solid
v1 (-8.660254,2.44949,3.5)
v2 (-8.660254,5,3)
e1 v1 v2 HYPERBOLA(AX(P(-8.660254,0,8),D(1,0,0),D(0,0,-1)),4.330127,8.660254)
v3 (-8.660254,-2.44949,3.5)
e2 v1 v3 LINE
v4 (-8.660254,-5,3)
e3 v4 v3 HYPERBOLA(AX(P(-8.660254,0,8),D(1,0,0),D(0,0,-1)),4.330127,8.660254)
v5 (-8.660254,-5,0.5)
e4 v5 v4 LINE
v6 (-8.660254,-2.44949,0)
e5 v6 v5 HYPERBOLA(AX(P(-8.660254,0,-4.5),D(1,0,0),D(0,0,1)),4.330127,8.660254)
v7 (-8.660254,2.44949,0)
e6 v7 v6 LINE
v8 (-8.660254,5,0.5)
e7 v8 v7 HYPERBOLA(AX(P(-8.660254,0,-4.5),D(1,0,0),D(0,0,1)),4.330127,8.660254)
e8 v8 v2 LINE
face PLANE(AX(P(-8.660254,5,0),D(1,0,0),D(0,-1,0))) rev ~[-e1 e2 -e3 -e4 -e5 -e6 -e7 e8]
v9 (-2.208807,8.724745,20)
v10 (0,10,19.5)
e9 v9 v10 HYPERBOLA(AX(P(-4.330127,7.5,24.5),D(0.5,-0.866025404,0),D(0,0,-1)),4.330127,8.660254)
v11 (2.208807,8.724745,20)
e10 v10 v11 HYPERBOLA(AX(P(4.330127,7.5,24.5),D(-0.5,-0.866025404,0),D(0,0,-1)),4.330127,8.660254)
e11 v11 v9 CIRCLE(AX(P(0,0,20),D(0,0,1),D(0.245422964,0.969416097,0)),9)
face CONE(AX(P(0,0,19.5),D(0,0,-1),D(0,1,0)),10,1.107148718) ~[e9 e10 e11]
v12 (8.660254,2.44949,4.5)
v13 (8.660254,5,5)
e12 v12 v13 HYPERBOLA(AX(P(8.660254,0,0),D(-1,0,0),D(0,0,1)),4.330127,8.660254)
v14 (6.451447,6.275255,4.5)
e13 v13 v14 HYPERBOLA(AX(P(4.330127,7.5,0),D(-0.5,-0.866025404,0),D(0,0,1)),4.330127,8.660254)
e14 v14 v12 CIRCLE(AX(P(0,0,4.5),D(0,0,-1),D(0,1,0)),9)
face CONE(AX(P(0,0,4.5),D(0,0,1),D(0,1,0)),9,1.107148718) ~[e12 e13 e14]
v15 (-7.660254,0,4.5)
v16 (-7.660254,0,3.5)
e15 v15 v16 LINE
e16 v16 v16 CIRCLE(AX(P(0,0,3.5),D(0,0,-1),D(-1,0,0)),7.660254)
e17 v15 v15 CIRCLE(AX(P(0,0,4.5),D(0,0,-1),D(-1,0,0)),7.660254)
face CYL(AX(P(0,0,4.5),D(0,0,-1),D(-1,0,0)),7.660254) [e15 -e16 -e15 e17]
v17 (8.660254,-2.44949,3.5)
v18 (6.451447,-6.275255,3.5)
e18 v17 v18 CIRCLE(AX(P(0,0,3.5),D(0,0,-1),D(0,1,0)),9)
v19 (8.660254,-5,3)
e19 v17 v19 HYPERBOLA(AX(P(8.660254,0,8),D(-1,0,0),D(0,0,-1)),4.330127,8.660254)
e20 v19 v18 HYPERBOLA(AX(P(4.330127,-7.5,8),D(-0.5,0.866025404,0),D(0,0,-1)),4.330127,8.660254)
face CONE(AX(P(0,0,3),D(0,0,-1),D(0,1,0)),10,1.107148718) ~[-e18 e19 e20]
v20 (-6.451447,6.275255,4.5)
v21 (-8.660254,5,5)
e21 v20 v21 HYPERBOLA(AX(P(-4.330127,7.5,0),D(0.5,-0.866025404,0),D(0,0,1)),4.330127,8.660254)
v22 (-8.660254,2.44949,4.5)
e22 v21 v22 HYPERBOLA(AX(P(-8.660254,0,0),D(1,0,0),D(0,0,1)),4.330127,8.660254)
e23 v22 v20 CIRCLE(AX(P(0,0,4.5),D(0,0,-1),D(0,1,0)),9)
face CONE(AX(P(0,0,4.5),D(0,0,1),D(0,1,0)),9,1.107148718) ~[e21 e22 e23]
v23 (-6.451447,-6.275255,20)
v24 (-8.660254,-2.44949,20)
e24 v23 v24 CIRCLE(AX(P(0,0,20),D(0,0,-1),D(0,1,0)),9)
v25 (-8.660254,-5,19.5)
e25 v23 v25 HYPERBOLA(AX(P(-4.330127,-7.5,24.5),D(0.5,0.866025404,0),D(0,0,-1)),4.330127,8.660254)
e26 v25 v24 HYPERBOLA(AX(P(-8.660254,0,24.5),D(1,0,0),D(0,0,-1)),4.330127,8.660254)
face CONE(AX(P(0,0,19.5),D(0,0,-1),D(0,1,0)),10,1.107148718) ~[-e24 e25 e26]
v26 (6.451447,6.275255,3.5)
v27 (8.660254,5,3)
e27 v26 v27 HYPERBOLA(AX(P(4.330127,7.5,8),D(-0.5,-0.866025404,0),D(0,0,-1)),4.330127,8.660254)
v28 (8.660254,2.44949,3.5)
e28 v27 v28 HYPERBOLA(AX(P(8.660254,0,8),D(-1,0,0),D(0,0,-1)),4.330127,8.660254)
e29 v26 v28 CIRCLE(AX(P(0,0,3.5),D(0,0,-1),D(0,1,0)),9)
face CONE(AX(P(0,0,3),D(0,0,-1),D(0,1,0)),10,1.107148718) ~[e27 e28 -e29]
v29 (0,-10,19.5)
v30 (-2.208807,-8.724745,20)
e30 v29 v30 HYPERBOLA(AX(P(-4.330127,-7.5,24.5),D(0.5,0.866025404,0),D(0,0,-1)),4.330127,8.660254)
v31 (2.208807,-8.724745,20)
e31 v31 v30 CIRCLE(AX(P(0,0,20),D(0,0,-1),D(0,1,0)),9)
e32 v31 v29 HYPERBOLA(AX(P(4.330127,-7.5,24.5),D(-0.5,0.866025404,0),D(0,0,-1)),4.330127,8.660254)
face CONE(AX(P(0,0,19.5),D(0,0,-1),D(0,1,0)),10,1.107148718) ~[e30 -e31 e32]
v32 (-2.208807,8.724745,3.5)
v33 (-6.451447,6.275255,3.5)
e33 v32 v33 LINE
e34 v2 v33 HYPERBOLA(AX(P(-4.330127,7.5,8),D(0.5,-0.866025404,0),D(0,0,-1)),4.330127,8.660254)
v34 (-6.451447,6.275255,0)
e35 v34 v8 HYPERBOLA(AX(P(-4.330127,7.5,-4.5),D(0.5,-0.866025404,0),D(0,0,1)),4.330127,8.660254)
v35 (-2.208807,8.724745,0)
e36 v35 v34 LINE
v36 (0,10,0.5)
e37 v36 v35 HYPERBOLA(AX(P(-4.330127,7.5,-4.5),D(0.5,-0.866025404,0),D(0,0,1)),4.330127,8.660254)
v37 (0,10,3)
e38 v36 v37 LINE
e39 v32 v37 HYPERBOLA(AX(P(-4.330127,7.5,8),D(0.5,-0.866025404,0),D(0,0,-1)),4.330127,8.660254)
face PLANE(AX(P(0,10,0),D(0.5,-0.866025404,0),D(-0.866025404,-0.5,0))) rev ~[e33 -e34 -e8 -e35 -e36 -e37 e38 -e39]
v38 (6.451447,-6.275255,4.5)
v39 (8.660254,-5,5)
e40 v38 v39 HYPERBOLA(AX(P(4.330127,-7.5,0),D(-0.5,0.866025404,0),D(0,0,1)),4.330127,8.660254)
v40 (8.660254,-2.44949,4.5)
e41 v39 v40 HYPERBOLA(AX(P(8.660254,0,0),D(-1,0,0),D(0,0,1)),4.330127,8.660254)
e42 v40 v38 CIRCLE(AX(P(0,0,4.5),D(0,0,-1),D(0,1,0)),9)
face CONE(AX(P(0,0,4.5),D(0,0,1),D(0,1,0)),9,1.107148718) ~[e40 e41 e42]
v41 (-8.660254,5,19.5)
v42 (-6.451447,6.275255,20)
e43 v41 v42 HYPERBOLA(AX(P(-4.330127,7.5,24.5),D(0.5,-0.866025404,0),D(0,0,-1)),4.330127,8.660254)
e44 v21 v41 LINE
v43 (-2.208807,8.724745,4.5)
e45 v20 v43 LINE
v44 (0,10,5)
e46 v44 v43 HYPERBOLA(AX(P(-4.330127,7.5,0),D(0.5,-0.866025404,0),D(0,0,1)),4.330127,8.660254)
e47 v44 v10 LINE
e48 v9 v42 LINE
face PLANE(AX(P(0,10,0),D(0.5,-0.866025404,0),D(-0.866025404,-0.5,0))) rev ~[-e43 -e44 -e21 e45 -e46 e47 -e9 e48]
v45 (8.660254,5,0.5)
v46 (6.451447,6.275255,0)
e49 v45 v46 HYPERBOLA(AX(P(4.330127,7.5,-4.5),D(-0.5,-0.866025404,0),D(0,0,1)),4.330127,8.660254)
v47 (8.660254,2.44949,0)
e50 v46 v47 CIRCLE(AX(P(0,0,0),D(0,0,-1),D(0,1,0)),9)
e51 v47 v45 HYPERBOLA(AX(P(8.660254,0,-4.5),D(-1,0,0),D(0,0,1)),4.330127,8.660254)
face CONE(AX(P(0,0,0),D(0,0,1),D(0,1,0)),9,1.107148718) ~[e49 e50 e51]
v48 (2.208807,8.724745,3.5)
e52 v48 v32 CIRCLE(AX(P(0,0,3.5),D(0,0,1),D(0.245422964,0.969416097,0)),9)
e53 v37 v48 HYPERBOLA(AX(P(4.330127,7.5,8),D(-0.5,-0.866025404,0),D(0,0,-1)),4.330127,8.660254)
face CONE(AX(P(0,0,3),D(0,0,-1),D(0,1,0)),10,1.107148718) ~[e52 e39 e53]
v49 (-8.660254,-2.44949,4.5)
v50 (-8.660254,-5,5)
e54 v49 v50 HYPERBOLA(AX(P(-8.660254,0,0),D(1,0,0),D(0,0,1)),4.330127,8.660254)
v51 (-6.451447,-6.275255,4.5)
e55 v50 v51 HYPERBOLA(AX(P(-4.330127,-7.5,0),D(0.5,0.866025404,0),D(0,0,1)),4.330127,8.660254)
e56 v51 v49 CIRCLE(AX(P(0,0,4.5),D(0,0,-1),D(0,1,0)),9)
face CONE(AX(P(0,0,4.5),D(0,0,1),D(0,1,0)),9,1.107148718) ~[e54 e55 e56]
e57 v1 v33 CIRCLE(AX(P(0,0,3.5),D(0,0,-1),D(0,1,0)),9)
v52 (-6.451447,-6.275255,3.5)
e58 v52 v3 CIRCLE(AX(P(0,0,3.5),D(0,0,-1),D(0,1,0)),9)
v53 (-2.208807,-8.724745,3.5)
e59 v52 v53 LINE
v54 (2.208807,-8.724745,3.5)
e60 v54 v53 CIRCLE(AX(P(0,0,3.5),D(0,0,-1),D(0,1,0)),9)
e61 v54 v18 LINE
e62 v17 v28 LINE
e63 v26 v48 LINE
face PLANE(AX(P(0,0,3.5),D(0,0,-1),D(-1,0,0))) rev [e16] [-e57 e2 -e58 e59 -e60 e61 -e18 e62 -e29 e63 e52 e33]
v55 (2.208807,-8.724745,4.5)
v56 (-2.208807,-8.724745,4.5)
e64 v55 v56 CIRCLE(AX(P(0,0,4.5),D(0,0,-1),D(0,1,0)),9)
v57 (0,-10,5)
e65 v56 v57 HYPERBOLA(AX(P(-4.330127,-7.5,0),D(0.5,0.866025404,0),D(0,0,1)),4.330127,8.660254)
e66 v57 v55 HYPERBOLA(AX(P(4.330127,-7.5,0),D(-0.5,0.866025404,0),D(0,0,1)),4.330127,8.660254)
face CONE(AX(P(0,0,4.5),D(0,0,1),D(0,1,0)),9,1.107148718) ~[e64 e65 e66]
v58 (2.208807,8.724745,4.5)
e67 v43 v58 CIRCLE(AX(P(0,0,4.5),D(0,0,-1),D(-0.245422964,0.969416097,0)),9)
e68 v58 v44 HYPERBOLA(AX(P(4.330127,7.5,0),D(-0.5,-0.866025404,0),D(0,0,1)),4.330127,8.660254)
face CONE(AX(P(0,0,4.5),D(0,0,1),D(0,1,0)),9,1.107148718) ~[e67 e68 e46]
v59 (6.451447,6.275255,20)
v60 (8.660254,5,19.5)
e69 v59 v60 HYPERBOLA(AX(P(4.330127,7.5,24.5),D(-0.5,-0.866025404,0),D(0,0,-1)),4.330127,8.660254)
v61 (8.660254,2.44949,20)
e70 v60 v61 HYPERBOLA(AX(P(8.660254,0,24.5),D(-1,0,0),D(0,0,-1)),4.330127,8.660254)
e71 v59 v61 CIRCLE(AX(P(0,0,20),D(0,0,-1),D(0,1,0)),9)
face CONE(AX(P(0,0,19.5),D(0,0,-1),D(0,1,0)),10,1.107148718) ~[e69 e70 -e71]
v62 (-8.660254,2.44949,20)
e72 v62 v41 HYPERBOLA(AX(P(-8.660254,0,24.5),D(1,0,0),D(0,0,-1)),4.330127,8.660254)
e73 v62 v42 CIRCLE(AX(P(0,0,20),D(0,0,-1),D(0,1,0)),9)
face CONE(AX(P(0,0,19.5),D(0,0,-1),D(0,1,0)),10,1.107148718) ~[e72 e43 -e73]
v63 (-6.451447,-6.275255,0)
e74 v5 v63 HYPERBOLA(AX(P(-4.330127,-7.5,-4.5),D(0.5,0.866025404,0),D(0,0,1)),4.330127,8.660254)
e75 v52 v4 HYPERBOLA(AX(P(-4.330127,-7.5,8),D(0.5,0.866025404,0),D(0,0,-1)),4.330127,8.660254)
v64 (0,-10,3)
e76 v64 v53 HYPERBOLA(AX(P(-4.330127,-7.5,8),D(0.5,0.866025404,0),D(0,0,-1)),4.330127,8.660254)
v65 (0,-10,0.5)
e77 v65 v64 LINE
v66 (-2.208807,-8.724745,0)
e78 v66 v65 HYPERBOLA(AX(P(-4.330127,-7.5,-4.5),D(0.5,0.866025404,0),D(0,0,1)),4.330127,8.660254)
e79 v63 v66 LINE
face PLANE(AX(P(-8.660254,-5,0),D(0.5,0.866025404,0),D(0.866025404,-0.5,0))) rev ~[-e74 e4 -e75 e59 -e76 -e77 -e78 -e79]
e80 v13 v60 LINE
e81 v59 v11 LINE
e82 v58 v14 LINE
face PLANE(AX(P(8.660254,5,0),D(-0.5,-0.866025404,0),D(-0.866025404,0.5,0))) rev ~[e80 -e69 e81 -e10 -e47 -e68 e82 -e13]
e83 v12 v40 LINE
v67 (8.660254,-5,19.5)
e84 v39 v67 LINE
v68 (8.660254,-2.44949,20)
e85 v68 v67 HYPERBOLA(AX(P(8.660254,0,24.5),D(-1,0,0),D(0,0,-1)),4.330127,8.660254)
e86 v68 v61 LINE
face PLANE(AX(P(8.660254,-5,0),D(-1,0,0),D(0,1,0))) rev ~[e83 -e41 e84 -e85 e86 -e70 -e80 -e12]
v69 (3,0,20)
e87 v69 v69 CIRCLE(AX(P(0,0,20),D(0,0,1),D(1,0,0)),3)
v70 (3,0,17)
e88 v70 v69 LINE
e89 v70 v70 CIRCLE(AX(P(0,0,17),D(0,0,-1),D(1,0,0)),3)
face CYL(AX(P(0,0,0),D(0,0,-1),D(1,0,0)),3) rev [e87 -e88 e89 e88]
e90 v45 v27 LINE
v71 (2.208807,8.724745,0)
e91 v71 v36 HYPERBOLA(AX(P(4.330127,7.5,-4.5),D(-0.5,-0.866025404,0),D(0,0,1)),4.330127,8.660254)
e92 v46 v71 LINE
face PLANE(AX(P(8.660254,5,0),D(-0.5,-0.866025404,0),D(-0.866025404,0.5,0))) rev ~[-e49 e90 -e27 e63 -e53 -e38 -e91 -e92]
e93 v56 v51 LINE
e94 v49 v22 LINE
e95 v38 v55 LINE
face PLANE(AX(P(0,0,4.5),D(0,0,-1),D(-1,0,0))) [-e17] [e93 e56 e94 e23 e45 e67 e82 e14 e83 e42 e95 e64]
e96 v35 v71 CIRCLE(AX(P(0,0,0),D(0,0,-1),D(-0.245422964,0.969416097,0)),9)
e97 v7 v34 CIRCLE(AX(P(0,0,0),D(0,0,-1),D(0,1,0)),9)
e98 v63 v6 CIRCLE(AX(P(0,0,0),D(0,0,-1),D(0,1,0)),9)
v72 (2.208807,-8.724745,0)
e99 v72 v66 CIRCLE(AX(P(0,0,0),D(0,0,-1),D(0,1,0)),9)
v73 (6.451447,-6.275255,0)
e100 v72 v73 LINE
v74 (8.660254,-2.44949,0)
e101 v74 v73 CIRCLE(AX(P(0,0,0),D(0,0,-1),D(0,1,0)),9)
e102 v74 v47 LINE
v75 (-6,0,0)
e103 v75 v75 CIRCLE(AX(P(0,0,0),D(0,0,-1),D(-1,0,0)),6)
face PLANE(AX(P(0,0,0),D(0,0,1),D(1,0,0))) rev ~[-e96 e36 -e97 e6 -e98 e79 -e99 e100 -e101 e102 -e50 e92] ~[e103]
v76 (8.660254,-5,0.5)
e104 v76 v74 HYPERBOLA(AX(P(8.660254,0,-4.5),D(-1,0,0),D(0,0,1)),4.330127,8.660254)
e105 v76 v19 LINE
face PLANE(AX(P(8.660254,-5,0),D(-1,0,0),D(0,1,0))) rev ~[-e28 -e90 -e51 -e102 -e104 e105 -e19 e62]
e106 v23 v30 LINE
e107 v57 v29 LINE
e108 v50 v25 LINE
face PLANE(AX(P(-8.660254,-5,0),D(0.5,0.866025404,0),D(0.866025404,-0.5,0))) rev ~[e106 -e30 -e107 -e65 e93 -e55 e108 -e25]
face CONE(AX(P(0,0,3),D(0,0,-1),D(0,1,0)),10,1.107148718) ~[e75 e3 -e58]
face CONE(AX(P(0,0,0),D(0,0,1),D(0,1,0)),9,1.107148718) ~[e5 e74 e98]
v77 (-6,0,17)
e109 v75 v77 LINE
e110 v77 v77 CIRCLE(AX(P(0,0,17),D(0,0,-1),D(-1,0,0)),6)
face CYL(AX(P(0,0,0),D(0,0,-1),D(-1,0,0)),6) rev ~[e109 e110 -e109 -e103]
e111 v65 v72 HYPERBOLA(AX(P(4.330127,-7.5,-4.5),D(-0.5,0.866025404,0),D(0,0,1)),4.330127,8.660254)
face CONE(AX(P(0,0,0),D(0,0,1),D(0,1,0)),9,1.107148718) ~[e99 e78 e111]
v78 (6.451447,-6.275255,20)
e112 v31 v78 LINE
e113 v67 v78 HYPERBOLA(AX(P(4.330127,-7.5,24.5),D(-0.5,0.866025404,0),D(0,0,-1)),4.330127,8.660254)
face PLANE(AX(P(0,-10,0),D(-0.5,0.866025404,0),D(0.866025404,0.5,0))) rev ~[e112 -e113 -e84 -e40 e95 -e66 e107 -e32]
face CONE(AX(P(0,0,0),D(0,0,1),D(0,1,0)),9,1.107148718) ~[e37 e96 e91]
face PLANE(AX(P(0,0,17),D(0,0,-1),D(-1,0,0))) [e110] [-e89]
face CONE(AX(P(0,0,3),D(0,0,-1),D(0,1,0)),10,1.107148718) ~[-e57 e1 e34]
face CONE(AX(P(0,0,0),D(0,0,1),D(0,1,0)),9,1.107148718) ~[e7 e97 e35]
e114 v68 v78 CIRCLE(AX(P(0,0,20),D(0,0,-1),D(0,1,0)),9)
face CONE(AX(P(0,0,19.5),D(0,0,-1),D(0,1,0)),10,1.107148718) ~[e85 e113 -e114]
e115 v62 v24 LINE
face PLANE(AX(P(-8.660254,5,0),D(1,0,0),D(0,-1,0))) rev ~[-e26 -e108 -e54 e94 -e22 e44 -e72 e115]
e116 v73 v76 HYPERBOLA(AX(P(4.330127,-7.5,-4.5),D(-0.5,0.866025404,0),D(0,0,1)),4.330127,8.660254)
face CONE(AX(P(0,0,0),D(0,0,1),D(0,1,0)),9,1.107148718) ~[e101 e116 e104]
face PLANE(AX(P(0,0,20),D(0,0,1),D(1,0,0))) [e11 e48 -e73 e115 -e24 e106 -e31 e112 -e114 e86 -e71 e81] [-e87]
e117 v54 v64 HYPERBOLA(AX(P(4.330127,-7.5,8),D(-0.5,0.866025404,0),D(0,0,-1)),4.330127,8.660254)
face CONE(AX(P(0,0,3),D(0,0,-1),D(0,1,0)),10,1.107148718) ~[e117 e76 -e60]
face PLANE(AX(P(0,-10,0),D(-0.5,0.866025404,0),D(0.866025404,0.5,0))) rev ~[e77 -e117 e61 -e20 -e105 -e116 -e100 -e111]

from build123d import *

# Parameters (mm, degrees)
ESBO_O2_R                = 3
RESSALTO_EXTRUS_O1_DEPTH = 20
ESBO_O3_R                = 6
CORTE_EXTRUS_O1_DEPTH    = 17


with BuildPart() as part:
    # Esboço2 → Ressalto-extrusão1 (new body)
    with BuildSketch(Plane.XY):
        Polygon((-8.660254038, 5), (-8.660254038, -5), (0, -10), (8.660254038, -5), (8.660254038, 5), (0, 10), align=None)
        Circle(ESBO_O2_R, mode=Mode.SUBTRACT)
    extrude(amount=RESSALTO_EXTRUS_O1_DEPTH)

    # Esboço3 → Corte-extrusão1 (cut)
    with BuildSketch(Plane(origin=(0, 0, 0), x_dir=(-1, 0, 0), z_dir=(0, 0, -1))):
        Circle(ESBO_O3_R)
    extrude(amount=-CORTE_EXTRUS_O1_DEPTH, mode=Mode.SUBTRACT)

    # Esboço6 → Corte-Revolução3 (revolve, cut)
    with BuildSketch(Plane(origin=(0, 0, 0), x_dir=(1, 0, 0), z_dir=(0, 1, 0))):
        Polygon((-8.660254038, -3.5), (-10.094489548, -3.5), (-10.094489548, -4.5), (-8.660254038, -4.5), (-7.660254038, -4.5), (-7.660254038, -3.5), align=None)
    revolve(axis=Axis((0, 0, 21), (0, 0, -1)), mode=Mode.SUBTRACT)

    # Esboço11 → Corte-Revolução7 (revolve, cut)
    with BuildSketch(Plane(origin=(0, 0, 0), x_dir=(0, 0, -1), z_dir=(1, 0, 0))):
        Polygon((0, 9), (-0.5, 10), (-3, 10), (-3.5, 9), (-4.5, 9), (-5, 10), (-19.5, 10), (-20, 9), (-20, 10.45616239), (0, 10.45616239), align=None)
    revolve(axis=Axis((0, 0, 21), (0, 0, -1)), mode=Mode.SUBTRACT)


solid = part.part
